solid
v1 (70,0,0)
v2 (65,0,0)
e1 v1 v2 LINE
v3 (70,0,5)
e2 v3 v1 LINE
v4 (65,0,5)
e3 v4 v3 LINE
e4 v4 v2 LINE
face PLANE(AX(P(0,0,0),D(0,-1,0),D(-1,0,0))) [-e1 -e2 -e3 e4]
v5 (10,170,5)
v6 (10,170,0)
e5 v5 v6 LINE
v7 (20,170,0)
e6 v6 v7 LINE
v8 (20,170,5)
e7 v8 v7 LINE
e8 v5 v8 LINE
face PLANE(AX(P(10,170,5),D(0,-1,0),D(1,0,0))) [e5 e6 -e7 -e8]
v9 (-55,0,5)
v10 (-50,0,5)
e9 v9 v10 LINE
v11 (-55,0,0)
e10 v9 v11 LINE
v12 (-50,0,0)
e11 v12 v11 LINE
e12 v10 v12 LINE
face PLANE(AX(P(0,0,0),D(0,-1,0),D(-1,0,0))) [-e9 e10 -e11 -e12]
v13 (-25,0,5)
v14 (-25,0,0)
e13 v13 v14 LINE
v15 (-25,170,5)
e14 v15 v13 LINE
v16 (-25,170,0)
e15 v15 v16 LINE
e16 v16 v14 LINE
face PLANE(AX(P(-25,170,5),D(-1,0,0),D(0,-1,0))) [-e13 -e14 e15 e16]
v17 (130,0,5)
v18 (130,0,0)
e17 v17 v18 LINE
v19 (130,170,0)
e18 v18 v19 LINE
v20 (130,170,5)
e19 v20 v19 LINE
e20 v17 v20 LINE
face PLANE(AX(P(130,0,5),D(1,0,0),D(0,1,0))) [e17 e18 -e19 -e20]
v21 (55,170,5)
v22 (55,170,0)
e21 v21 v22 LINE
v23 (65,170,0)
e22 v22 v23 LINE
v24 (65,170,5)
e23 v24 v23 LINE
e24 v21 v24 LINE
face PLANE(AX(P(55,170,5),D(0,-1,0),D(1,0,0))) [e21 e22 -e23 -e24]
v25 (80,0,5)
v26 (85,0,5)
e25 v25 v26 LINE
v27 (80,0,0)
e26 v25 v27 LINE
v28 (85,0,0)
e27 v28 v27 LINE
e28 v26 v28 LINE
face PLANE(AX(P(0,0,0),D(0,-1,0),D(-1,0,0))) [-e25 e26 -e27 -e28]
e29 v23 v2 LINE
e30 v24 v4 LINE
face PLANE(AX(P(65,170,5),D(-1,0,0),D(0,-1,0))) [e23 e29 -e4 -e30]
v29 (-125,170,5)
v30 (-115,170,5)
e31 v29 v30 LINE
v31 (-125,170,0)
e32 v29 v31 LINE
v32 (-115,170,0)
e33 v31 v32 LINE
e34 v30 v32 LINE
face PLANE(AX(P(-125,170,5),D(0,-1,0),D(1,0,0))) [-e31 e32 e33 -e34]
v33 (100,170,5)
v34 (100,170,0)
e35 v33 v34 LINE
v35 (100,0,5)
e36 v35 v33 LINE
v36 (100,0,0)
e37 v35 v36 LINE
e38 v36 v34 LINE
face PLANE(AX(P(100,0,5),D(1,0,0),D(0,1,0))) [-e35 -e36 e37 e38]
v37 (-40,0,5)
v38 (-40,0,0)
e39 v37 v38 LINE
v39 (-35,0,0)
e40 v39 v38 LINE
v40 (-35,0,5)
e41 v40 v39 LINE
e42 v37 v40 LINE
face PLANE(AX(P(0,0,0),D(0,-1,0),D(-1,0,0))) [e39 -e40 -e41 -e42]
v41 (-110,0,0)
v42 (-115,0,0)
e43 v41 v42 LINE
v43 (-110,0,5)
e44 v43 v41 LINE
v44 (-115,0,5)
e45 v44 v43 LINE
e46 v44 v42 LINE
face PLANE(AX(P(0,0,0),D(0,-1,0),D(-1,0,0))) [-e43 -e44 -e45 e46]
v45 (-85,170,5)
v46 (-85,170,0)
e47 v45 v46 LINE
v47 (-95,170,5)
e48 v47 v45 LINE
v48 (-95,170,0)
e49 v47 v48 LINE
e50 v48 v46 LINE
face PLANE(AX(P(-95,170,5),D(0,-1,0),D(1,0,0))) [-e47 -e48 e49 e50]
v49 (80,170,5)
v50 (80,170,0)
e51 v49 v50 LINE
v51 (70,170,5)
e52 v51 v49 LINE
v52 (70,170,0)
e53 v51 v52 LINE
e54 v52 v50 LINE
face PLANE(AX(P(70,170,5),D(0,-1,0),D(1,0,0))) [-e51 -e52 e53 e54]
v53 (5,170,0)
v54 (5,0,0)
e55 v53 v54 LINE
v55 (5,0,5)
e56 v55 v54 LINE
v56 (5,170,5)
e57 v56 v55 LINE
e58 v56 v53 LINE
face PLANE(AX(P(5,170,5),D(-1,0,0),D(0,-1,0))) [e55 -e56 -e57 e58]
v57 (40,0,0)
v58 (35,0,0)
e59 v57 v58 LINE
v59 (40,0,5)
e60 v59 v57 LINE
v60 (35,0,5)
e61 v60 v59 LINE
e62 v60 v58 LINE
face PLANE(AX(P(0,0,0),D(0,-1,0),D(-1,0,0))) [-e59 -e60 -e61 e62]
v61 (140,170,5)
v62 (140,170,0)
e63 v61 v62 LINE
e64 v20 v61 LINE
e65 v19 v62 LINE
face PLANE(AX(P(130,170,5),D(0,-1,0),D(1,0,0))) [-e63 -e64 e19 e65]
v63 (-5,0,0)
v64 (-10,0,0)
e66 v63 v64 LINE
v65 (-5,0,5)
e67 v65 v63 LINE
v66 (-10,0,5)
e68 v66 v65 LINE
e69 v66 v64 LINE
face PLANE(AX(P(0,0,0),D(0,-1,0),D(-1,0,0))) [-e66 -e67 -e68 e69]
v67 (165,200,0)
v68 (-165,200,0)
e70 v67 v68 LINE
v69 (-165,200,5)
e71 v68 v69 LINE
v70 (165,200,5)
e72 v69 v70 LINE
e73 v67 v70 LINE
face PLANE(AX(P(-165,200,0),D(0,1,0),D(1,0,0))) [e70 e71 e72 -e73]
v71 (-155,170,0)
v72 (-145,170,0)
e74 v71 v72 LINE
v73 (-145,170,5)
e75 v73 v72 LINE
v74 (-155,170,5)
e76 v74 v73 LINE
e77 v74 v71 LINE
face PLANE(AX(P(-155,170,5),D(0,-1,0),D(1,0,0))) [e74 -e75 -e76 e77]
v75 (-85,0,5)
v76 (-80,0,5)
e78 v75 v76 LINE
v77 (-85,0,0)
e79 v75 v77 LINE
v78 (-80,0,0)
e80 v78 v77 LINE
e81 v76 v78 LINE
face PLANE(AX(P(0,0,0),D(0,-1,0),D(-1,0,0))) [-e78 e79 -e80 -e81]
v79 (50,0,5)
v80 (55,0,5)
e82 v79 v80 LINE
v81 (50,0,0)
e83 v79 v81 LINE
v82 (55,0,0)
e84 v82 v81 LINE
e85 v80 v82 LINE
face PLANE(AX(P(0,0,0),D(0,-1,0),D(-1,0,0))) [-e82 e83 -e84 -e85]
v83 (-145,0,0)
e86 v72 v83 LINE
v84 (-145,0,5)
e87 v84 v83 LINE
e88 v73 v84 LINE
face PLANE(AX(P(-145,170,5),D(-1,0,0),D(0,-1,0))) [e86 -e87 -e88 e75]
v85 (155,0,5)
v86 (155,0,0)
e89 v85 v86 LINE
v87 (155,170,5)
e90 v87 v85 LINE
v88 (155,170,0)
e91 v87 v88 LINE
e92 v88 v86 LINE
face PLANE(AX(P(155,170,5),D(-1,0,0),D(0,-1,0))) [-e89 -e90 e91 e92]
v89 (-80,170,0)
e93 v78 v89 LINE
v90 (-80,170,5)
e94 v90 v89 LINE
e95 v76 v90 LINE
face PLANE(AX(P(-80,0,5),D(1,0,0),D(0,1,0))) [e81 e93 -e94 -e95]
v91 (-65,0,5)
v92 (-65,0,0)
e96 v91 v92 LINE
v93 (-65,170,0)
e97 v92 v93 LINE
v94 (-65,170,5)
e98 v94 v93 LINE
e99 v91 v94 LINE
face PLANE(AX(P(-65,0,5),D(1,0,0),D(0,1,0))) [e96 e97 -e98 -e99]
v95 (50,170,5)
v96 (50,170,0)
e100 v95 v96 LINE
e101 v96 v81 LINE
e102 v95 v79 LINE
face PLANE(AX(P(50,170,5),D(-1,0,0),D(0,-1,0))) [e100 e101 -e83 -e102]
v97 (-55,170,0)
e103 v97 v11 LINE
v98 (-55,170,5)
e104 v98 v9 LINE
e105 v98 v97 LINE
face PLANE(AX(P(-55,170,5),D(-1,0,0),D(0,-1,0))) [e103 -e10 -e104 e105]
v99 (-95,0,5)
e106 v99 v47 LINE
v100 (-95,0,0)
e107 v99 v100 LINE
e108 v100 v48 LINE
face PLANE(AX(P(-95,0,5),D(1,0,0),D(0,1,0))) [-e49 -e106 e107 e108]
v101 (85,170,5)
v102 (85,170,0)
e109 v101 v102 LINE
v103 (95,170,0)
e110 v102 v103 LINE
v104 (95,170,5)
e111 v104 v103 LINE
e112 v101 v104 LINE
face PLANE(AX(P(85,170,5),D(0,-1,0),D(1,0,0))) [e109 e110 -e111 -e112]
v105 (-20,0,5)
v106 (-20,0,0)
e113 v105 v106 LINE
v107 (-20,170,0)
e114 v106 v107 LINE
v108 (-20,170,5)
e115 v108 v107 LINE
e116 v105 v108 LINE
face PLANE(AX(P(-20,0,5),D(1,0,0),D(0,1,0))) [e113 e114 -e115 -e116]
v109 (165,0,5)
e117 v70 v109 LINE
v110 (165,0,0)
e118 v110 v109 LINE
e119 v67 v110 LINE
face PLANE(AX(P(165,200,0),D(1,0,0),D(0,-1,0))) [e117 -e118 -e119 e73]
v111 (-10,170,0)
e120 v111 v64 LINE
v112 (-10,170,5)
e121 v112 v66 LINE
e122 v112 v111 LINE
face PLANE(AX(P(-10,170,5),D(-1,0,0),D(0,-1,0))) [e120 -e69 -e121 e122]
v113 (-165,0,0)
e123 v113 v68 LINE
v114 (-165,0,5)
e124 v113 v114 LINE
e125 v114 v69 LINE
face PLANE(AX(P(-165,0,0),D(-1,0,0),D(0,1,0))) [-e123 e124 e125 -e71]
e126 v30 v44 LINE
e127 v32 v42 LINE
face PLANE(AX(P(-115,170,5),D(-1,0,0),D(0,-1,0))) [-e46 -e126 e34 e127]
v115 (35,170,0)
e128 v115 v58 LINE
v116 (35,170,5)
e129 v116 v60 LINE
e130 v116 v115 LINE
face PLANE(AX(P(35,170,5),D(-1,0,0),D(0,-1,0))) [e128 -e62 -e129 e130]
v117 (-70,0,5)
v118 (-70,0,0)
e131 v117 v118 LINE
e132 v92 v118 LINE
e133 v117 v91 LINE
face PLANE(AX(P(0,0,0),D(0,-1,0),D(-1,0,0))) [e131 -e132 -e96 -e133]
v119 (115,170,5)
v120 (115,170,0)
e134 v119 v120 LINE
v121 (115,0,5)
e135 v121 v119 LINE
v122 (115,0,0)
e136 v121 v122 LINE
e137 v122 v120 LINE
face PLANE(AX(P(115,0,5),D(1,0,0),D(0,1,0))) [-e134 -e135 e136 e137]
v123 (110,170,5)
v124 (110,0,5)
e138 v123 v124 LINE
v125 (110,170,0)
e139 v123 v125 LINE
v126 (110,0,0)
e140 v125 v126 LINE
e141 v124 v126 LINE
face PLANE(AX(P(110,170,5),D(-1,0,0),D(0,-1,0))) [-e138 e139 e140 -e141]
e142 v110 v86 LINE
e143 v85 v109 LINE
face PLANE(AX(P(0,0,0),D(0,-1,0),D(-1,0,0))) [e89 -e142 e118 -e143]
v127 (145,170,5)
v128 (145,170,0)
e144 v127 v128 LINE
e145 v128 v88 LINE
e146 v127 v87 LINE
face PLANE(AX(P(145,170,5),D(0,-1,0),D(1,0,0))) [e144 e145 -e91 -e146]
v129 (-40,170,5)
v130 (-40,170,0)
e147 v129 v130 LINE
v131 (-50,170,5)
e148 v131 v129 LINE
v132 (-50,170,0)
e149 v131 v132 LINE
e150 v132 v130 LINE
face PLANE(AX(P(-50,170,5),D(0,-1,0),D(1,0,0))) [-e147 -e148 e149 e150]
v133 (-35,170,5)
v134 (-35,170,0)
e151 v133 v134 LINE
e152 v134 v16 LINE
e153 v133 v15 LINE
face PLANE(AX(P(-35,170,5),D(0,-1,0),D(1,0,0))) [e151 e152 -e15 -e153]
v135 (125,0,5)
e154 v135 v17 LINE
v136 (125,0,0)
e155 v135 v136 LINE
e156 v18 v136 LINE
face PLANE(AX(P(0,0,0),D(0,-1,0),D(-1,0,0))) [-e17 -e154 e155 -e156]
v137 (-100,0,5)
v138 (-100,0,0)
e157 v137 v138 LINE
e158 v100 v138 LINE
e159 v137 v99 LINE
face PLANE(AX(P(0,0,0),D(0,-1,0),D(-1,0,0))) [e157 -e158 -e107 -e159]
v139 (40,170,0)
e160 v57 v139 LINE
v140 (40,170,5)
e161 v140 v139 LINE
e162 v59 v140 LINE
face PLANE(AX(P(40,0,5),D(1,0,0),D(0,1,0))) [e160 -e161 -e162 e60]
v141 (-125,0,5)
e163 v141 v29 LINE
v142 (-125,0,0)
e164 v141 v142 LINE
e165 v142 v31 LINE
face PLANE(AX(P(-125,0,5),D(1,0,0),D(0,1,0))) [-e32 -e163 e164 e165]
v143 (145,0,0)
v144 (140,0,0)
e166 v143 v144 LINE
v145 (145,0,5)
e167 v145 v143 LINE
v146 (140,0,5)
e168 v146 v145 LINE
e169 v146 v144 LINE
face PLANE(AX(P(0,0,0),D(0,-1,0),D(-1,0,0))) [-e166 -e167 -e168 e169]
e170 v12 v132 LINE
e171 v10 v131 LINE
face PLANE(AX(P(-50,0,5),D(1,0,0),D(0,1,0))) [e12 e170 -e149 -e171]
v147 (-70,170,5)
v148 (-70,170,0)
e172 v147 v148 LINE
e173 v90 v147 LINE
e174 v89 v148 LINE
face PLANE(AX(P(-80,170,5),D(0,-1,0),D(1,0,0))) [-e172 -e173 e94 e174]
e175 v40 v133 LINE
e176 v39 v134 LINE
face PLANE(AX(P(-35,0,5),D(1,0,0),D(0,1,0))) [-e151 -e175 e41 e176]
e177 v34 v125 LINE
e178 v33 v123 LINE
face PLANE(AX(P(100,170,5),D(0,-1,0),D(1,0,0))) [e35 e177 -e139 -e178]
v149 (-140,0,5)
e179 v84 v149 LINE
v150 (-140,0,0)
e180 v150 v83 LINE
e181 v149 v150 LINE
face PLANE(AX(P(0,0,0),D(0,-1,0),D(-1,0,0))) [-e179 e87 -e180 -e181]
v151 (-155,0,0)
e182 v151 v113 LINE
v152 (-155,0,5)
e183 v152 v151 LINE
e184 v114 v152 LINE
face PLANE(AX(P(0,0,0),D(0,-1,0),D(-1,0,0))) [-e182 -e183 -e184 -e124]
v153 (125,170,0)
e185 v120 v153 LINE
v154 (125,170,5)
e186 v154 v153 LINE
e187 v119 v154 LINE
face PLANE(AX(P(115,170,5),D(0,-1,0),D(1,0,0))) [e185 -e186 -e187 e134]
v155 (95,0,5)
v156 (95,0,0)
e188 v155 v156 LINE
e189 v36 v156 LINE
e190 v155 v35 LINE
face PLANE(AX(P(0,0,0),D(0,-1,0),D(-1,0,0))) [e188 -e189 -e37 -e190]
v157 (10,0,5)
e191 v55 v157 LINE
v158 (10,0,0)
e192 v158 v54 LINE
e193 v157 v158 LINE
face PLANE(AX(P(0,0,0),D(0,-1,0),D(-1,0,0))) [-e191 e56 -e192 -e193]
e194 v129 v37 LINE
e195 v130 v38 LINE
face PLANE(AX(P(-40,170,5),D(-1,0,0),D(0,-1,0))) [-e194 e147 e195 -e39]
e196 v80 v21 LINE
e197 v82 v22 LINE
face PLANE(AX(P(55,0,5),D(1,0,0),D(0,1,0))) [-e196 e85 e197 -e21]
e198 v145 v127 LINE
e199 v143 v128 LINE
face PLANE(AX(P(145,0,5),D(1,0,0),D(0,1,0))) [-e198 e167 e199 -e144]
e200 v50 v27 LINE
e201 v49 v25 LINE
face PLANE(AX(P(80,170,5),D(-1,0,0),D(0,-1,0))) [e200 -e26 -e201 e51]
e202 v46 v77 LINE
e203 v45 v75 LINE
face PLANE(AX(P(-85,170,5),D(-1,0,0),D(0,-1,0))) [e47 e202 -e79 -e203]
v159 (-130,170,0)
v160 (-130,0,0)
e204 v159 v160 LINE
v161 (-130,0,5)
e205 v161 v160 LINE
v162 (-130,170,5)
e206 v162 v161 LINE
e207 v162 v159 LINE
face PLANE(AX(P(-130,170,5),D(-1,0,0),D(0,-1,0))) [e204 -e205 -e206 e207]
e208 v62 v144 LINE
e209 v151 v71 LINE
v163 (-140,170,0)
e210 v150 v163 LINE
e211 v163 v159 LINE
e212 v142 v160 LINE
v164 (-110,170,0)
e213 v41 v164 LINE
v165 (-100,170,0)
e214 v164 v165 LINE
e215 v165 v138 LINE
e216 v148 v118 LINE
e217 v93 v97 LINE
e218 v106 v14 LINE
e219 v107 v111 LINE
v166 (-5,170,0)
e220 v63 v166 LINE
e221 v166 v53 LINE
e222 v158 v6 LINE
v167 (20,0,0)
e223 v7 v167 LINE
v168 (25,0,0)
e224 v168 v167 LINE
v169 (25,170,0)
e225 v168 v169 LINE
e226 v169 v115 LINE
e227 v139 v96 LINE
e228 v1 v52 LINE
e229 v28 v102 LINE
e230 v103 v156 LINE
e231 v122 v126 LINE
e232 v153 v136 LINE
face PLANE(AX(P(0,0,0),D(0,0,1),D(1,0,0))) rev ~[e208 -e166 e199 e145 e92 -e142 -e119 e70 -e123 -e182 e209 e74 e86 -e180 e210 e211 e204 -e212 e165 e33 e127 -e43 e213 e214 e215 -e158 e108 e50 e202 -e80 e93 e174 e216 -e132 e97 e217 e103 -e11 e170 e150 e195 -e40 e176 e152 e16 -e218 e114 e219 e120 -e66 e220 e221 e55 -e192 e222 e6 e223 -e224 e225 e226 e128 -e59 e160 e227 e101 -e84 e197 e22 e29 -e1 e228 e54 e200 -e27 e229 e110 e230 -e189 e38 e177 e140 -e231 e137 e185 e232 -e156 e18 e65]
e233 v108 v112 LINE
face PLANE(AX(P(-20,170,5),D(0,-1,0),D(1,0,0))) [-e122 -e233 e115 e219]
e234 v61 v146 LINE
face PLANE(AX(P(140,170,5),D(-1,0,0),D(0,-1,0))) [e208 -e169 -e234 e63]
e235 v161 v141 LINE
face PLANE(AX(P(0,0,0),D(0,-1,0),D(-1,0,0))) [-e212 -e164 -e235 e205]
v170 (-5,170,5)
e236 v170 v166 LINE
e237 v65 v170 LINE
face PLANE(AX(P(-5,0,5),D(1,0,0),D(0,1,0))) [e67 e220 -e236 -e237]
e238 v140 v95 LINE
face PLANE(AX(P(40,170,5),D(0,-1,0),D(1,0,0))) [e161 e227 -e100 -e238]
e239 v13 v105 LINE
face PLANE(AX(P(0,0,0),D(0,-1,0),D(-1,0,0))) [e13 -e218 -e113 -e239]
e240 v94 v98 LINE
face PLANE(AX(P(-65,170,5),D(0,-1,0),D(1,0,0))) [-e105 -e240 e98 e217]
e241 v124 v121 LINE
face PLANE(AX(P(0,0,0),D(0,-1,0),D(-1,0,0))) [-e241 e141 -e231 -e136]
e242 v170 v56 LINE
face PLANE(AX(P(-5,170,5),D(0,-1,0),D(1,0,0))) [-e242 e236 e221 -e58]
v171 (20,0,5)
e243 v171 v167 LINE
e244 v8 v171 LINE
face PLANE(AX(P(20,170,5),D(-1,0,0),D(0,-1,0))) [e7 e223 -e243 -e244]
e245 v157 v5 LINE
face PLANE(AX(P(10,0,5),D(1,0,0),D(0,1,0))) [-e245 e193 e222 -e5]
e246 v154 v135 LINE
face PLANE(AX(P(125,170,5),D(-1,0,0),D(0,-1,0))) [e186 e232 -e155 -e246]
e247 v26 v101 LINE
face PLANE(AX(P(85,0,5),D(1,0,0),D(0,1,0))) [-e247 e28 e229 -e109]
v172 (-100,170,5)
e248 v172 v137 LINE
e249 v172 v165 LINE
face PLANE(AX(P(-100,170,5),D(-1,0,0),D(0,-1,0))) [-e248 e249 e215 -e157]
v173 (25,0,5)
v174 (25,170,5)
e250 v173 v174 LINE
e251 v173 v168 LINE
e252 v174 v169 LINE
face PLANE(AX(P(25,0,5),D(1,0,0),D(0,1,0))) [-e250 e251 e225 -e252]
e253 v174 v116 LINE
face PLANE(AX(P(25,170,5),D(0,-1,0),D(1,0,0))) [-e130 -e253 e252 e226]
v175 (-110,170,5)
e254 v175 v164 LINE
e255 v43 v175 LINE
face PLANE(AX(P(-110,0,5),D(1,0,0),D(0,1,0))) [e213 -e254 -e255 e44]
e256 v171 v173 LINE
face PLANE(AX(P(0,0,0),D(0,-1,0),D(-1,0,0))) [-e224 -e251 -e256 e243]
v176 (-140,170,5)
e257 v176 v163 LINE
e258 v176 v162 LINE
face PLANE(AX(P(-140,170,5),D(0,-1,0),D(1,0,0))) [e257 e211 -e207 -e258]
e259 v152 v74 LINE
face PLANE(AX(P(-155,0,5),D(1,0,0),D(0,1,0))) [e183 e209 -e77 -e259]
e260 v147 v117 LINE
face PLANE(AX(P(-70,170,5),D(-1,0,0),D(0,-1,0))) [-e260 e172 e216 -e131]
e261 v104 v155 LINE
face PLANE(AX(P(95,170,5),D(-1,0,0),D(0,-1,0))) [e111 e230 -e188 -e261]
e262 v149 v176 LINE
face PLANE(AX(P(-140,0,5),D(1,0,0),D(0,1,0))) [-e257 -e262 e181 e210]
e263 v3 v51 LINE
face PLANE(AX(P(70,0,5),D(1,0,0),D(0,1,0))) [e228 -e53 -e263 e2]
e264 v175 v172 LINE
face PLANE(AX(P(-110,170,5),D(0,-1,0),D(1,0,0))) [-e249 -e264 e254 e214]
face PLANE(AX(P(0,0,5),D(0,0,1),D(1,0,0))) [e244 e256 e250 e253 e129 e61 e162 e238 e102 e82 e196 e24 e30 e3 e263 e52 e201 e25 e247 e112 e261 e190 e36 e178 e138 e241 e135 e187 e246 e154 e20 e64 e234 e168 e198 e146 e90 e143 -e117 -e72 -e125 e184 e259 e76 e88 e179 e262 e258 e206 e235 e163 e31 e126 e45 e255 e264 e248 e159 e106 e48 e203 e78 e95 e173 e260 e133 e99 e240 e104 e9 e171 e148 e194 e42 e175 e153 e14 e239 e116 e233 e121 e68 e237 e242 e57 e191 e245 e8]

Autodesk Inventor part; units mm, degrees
ref_plane "YZ Plane" through (0, 0, 0) normal (1, 0, 0) x (0, 1, 0)
ref_plane "XZ Plane" through (0, 0, 0) normal (0, 1, 0) x (-1, 0, 0)
ref_plane "XY Plane" through (0, 0, 0) normal (0, 0, 1) x (1, 0, 0)
sketch "草图1" plane through (0, 0, 0) normal (0, 0, 1) x (1, 0, 0)
  line L0 (-165, 200) -> (165, 200)
  line L1 (165, 200) -> (165, 0)
  line L2 (165, 0) -> (-165, 0)
  line L3 (-165, 0) -> (-165, 200)
  line L4 (0, -40) -> (0, 240) projected
  line L5 (-231, 0) -> (231, 0) projected
  point P0 (0, 0)
  dimension "d0" = 330
  dimension "d1" = 200
  dimension "d2" = 200
extrude "拉伸1" add sketch "草图1" along normal blind 5
sketch "草图2" plane through (0, 0, 5) normal (0, 0, 1) x (1, 0, 0)
  line L0 (-155, 170) -> (-145, 170)
  line L1 (-145, 170) -> (-145, 0)
  line L2 (-145, 0) -> (-155, 0)
  line L3 (-155, 0) -> (-155, 170)
  line L4 (-165, 200) -> (-165, 0) projected
  line L5 (165, 200) -> (-165, 200) projected
  point P0 (0, 0)
  point P1 (-150, 170)
  dimension "d5" = 10
  dimension "d6" = 10
  dimension "d7" = 30
extrude "拉伸2" cut sketch "草图2" against normal through all
pattern_linear "矩形阵列1" count 21 spacing 15 along (1, 0, 0) of "拉伸2"
properties part number "猫铲"
